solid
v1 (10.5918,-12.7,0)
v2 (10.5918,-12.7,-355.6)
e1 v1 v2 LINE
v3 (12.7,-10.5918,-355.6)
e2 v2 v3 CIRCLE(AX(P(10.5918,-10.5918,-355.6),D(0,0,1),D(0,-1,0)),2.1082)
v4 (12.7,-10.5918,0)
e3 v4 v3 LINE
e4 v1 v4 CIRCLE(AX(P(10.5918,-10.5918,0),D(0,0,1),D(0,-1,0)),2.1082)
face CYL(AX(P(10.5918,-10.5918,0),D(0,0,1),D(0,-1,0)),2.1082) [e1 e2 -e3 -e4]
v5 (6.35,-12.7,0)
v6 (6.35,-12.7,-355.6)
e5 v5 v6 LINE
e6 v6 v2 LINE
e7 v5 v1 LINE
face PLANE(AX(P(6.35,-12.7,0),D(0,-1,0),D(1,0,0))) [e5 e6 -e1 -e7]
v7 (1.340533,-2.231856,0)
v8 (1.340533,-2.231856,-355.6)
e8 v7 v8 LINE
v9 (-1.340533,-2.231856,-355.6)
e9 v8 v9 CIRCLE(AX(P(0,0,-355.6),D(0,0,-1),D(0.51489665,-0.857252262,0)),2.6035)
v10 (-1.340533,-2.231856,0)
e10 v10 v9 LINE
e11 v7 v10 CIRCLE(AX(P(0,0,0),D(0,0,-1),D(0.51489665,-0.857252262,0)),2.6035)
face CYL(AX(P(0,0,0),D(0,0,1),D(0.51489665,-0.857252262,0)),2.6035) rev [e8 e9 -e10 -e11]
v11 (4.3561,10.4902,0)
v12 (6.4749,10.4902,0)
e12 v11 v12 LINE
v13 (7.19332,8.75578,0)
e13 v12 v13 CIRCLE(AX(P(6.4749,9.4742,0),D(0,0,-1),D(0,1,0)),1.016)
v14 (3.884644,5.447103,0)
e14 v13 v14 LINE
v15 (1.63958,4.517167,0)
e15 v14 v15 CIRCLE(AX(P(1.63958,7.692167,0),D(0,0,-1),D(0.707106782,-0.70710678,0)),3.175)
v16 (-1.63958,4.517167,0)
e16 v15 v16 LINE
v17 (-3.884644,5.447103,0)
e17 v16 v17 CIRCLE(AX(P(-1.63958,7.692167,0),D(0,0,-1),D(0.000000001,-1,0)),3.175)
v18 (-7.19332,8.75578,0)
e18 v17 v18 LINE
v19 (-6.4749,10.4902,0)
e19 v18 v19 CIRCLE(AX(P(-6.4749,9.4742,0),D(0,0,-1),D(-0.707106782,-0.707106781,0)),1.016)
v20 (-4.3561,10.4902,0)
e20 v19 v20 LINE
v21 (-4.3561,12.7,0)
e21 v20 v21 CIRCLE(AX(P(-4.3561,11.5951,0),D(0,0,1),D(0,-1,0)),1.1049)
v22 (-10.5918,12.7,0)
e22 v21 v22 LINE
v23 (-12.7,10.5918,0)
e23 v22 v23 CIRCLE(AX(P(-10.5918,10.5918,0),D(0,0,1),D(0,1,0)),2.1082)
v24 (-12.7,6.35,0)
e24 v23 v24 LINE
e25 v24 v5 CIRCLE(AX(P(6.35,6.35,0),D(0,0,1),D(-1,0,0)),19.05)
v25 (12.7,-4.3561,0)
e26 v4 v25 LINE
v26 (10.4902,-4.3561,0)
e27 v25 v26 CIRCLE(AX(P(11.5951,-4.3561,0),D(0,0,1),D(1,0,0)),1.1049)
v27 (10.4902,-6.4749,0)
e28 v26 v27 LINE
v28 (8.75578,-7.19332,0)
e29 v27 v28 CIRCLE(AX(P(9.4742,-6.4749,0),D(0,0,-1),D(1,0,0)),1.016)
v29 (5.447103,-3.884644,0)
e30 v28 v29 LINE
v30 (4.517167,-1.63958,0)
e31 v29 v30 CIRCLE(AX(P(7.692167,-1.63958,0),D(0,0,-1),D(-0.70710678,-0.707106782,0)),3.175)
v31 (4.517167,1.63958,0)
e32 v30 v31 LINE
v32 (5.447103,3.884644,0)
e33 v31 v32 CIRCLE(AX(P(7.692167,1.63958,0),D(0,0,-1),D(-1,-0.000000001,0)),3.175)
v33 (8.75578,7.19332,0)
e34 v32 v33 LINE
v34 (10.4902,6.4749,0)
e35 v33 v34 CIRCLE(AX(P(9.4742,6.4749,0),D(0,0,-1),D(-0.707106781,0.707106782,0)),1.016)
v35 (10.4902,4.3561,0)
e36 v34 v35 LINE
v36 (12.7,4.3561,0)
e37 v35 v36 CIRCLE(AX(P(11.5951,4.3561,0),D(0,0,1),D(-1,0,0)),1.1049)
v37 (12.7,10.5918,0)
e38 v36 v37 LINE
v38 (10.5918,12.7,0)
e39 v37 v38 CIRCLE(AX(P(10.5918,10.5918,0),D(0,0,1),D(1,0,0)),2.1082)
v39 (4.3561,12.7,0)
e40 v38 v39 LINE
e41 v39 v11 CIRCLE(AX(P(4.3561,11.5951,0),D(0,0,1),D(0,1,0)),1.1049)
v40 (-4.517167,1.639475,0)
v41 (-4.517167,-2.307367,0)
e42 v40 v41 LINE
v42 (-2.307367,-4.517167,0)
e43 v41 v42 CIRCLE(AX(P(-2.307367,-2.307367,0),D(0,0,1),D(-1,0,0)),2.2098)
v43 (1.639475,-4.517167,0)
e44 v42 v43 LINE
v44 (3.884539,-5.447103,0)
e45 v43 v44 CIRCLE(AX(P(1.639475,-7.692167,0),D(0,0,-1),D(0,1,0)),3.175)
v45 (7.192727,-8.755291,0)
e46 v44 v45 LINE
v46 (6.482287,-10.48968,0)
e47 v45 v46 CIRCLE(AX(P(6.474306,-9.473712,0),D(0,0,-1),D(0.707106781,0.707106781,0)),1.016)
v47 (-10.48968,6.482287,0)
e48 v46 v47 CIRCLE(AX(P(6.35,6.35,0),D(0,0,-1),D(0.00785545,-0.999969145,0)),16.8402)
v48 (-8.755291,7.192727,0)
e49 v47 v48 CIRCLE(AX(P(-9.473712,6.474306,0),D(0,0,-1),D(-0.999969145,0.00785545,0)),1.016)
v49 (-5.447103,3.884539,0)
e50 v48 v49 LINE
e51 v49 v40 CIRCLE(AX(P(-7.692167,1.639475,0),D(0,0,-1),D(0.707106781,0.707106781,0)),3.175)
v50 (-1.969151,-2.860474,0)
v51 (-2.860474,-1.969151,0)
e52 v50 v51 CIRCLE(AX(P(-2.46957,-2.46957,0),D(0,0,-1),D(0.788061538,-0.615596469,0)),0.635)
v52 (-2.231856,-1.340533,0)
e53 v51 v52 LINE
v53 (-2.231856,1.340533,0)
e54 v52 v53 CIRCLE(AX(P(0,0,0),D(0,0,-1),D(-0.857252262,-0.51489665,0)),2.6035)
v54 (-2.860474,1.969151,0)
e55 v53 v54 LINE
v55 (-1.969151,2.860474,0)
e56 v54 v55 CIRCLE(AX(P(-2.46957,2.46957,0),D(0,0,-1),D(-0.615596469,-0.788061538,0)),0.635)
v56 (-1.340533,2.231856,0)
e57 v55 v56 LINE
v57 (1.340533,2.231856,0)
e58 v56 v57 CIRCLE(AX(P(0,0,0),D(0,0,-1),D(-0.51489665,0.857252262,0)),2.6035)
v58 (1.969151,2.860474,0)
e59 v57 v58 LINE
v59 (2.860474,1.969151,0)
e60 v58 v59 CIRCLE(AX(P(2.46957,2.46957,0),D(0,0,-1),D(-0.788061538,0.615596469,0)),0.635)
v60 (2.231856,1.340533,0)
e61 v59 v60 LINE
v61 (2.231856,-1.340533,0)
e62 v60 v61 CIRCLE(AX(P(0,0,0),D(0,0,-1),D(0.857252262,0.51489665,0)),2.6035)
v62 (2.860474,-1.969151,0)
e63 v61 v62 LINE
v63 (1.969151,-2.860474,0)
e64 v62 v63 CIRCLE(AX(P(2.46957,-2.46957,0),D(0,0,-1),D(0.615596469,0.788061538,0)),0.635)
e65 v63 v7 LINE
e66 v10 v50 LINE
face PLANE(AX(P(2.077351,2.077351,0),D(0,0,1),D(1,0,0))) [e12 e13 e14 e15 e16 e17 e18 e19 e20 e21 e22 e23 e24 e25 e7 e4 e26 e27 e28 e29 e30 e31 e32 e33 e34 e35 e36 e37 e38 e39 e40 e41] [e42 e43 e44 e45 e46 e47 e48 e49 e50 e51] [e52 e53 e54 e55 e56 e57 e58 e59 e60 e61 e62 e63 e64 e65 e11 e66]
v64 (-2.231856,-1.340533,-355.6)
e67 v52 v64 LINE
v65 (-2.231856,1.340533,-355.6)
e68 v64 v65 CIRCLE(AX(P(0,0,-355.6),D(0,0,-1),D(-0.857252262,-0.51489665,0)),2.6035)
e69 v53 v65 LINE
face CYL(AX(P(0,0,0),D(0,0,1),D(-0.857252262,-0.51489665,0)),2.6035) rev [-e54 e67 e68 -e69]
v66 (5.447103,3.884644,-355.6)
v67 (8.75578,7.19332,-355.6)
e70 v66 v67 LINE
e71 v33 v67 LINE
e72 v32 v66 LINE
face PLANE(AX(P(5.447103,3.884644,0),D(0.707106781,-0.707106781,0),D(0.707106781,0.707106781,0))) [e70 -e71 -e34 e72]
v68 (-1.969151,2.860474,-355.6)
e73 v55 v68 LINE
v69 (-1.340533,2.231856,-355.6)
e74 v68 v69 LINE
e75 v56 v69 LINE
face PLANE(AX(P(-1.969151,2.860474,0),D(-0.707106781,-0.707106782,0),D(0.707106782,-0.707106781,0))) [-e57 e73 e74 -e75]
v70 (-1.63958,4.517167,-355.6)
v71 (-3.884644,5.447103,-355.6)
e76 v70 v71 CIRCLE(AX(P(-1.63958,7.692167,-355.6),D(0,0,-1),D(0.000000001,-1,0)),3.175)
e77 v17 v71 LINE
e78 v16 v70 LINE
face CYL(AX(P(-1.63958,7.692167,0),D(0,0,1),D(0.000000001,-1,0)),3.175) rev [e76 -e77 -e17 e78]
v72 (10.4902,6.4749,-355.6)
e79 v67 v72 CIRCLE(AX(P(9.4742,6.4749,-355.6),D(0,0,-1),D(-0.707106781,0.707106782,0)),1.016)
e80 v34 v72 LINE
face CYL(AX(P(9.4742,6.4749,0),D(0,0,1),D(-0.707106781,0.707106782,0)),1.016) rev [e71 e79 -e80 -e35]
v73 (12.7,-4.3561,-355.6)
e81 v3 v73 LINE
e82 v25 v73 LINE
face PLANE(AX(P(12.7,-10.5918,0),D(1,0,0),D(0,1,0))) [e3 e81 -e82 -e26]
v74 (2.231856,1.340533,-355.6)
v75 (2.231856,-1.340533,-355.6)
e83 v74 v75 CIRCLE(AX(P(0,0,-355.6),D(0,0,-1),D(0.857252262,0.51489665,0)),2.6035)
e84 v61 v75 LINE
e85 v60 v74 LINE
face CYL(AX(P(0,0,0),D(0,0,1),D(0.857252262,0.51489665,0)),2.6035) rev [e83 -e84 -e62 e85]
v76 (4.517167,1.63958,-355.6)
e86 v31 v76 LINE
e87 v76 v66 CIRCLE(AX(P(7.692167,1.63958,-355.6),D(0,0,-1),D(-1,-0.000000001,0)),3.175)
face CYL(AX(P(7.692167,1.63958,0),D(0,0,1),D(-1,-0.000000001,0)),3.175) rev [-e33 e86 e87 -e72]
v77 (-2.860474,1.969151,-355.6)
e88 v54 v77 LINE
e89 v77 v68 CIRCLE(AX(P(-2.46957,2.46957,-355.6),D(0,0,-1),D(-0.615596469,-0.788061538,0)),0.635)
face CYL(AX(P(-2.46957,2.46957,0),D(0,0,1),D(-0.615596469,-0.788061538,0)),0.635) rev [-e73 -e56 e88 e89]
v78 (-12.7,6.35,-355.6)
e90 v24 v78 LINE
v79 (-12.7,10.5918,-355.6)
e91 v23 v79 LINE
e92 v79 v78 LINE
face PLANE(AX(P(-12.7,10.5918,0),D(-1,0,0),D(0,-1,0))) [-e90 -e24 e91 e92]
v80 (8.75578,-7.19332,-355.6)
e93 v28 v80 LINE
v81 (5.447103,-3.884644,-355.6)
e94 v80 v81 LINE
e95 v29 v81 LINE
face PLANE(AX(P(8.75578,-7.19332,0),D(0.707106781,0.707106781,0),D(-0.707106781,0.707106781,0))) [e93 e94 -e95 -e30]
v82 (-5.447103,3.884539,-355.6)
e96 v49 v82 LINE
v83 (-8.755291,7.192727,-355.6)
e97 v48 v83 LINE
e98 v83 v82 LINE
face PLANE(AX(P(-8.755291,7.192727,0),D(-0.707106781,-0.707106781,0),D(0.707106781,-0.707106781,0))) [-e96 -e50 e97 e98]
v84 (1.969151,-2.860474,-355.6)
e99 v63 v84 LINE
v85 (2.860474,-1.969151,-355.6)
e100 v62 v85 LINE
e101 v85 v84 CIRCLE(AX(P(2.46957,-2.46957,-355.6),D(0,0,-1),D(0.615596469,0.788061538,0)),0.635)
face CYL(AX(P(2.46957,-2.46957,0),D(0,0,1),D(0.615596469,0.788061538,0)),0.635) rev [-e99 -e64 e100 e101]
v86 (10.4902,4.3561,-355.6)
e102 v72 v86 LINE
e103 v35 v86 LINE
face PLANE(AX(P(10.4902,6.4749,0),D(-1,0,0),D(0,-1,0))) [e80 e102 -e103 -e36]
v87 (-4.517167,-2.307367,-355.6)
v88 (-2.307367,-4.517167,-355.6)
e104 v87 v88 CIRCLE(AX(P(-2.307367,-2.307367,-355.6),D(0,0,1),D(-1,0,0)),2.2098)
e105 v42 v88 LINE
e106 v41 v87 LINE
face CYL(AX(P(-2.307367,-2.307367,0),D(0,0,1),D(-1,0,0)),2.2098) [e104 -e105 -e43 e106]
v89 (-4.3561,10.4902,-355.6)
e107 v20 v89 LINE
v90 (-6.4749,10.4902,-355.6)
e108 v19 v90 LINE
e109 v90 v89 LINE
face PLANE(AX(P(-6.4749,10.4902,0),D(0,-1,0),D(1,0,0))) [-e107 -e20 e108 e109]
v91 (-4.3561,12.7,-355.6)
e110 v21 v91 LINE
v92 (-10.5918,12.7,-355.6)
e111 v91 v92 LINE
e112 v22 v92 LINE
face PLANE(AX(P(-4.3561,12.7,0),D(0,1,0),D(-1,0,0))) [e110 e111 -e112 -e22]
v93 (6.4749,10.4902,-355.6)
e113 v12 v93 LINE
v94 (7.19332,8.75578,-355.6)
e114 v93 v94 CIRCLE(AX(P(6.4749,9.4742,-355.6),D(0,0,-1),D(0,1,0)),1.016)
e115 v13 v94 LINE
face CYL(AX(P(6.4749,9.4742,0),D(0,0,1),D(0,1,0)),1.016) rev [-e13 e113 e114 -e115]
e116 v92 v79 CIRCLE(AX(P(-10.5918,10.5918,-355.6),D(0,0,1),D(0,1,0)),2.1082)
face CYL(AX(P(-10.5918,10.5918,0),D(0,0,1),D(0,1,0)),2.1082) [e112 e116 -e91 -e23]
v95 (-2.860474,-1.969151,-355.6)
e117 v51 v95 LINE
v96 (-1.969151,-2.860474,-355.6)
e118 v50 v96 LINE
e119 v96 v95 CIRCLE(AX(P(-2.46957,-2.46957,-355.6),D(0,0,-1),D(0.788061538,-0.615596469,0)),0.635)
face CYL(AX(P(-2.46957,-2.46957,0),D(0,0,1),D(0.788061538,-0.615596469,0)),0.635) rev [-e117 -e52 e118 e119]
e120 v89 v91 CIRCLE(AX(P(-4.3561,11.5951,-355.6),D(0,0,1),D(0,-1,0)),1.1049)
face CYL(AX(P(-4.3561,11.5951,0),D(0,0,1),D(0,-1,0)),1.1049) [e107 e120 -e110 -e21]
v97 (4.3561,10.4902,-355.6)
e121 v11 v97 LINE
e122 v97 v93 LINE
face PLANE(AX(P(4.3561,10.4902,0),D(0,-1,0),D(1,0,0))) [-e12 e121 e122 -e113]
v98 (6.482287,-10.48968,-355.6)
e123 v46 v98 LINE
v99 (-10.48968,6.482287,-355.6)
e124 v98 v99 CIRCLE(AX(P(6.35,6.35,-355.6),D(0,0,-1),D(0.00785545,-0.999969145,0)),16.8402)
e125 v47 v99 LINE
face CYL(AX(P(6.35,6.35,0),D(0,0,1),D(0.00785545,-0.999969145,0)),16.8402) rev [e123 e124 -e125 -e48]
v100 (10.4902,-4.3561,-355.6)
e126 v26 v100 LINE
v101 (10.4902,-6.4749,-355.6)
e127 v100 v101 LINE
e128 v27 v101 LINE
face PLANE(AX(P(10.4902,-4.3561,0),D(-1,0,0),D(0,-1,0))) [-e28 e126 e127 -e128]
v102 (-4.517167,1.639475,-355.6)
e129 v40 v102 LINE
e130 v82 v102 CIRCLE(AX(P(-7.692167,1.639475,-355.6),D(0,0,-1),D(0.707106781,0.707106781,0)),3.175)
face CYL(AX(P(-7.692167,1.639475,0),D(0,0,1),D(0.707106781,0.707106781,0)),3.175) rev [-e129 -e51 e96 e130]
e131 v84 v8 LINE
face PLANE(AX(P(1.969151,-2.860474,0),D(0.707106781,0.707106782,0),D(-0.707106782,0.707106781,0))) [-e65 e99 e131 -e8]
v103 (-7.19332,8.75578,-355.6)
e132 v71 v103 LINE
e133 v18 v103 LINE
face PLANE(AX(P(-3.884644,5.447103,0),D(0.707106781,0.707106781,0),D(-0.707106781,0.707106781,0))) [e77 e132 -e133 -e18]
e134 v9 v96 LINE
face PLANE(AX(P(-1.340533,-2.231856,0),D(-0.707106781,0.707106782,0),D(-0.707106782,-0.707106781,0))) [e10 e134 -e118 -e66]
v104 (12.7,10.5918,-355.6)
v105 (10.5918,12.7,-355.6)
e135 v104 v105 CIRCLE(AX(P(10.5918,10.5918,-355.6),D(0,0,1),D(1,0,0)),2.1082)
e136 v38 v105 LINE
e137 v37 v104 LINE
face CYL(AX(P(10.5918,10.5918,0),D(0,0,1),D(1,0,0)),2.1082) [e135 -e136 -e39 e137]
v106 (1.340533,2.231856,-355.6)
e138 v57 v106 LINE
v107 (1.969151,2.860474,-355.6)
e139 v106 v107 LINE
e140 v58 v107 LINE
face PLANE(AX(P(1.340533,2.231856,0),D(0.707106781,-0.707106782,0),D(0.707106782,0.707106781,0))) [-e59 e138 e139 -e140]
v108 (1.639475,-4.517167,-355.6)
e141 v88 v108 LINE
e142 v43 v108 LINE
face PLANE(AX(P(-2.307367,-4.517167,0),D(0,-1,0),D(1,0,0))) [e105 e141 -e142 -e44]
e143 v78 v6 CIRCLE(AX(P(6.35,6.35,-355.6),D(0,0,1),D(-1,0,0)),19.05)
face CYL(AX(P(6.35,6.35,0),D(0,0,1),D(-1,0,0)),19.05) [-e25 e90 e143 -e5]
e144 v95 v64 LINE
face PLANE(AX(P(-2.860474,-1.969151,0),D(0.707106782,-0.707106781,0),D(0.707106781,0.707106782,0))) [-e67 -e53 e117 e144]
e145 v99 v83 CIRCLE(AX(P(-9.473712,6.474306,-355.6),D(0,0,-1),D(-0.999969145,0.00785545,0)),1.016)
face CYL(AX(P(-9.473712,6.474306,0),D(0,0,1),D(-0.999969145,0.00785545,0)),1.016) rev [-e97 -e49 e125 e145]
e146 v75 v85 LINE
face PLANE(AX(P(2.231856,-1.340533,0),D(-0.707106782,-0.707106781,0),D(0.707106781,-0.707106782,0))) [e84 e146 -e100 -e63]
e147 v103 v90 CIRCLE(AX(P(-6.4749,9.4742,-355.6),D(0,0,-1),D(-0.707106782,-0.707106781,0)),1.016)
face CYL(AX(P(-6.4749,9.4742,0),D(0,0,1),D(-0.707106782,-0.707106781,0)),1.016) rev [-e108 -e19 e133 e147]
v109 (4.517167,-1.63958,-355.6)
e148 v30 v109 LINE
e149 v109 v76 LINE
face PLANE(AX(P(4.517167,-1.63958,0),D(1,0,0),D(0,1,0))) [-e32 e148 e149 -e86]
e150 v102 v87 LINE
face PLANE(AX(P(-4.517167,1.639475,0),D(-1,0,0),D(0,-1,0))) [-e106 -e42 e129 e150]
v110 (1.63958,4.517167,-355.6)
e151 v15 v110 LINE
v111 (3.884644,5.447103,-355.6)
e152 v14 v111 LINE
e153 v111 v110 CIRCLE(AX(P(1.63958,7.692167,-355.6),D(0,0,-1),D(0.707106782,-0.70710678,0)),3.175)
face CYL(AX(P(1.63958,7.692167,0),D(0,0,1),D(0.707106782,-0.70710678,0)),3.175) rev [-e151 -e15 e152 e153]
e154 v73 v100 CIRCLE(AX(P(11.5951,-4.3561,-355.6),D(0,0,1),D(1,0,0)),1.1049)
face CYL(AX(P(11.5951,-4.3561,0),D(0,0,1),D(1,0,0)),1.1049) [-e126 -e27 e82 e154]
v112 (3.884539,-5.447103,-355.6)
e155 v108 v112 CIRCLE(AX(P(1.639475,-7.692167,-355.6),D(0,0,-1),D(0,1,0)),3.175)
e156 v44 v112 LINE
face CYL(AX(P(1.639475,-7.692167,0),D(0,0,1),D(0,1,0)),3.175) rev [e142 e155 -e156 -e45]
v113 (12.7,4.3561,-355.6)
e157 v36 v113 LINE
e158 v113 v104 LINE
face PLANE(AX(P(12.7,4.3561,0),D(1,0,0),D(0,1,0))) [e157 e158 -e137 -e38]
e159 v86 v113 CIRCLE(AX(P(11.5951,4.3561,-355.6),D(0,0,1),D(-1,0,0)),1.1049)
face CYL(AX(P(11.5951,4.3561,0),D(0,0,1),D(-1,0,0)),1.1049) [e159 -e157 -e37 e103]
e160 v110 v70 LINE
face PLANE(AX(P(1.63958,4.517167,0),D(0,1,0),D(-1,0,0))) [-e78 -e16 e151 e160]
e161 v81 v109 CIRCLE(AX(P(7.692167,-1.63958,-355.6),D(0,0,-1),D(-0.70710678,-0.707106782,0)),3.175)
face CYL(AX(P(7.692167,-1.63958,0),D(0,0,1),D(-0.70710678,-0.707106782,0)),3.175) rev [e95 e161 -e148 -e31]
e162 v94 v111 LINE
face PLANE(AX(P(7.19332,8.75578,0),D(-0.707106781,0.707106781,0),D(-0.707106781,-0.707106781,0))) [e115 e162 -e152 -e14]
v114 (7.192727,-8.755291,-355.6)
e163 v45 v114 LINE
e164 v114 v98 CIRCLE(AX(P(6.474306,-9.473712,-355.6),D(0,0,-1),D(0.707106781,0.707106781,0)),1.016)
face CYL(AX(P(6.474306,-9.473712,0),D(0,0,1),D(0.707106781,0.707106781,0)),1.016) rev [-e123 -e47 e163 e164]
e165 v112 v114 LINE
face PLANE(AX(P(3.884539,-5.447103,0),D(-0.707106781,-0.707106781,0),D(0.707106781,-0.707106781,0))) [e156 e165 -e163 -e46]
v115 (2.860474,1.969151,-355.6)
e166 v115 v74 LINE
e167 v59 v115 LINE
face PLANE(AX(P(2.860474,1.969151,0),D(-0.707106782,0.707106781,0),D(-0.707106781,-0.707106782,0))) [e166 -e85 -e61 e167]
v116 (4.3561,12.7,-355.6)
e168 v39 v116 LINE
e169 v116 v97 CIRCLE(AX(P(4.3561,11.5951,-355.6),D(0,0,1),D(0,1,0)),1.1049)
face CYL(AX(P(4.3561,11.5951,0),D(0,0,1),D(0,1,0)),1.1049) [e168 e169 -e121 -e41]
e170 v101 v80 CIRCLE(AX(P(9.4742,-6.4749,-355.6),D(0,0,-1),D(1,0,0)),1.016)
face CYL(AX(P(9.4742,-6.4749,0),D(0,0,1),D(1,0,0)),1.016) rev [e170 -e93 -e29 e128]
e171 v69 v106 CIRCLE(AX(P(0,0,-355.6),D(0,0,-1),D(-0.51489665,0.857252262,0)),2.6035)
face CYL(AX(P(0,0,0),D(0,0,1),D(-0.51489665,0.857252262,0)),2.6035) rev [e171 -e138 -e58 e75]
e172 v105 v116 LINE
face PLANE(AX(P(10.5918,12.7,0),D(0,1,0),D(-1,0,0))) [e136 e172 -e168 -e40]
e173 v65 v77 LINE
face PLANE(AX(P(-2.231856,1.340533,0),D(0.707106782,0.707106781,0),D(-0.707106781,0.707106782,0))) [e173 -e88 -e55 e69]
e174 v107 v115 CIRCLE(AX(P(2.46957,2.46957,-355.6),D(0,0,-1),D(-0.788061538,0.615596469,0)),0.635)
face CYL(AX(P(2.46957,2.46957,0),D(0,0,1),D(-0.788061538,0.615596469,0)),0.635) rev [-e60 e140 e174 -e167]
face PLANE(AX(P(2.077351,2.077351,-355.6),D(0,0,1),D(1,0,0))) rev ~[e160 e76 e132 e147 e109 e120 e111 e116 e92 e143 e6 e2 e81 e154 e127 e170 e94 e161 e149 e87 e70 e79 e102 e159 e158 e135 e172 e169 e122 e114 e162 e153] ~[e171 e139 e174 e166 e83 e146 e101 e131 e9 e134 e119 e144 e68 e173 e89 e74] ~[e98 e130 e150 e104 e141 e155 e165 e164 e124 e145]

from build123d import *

# Parameters (mm, degrees)
EXTRUDE1_DEPTH = 355.6


with BuildPart() as part:
    # Sketch2 → Extrude1 (new body)
    with BuildSketch(Plane.XY):
        with BuildLine():
            Line((-4.3561, 12.7), (-10.5918, 12.7))
            ThreePointArc((-10.5918, 12.7), (-12.082522516, 12.082522516), (-12.7, 10.5918))
            Line((-12.7, 10.5918), (-12.7, 6.35))
            ThreePointArc((-12.7, 6.35), (-7.120384182, -7.120384182), (6.35, -12.7))
            Line((6.35, -12.7), (10.5918, -12.7))
            ThreePointArc((10.5918, -12.7), (12.082522516, -12.082522516), (12.7, -10.5918))
            Line((12.7, -10.5918), (12.7, -4.3561))
            ThreePointArc((12.7, -4.3561), (11.5951, -3.2512), (10.4902, -4.3561))
            Line((10.4902, -4.3561), (10.4902, -6.474899798))
            ThreePointArc((10.4902, -6.474899798), (9.863006367, -7.413561403), (8.75577951, -7.193320288))
            Line((8.75577951, -7.193320288), (5.447103113, -3.88464389))
            ThreePointArc((5.447103113, -3.88464389), (4.758849627, -2.854599758), (4.517167143, -1.63957986))
            Line((4.517167143, -1.63957986), (4.517167143, 1.63957986))
            ThreePointArc((4.517167143, 1.63957986), (4.758849627, 2.854599758), (5.447103113, 3.88464389))
            Line((5.447103113, 3.88464389), (8.75577951, 7.193320288))
            ThreePointArc((8.75577951, 7.193320288), (9.863006367, 7.413561403), (10.4902, 6.474899798))
            Line((10.4902, 6.474899798), (10.4902, 4.3561))
            ThreePointArc((10.4902, 4.3561), (11.5951, 3.2512), (12.7, 4.3561))
            Line((12.7, 4.3561), (12.7, 10.5918))
            ThreePointArc((12.7, 10.5918), (12.082522516, 12.082522516), (10.5918, 12.7))
            Line((10.5918, 12.7), (4.3561, 12.7))
            ThreePointArc((4.3561, 12.7), (3.2512, 11.5951), (4.3561, 10.4902))
            Line((4.3561, 10.4902), (6.474899798, 10.4902))
            ThreePointArc((6.474899798, 10.4902), (7.413561403, 9.863006367), (7.193320288, 8.75577951))
            Line((7.193320288, 8.75577951), (3.88464389, 5.447103113))
            ThreePointArc((3.88464389, 5.447103113), (2.854599758, 4.758849627), (1.63957986, 4.517167143))
            Line((1.63957986, 4.517167143), (-1.63957986, 4.517167143))
            ThreePointArc((-1.63957986, 4.517167143), (-2.854599758, 4.758849627), (-3.88464389, 5.447103113))
            Line((-3.88464389, 5.447103113), (-7.193320288, 8.75577951))
            ThreePointArc((-7.193320288, 8.75577951), (-7.413561403, 9.863006367), (-6.474899798, 10.4902))
            Line((-6.474899798, 10.4902), (-4.3561, 10.4902))
            ThreePointArc((-4.3561, 10.4902), (-3.2512, 11.5951), (-4.3561, 12.7))
        make_face()
        with BuildLine():
            Line((-1.340533428, -2.231856263), (-1.969151357, -2.860474191))
            ThreePointArc((-1.969151357, -2.860474191), (-2.918583239, -2.918583239), (-2.860474191, -1.969151357))
            Line((-2.860474191, -1.969151357), (-2.231856263, -1.340533428))
            ThreePointArc((-2.231856263, -1.340533428), (-2.6035, 0), (-2.231856263, 1.340533428))
            Line((-2.231856263, 1.340533428), (-2.860474191, 1.969151357))
            ThreePointArc((-2.860474191, 1.969151357), (-2.918583239, 2.918583239), (-1.969151357, 2.860474191))
            Line((-1.969151357, 2.860474191), (-1.340533428, 2.231856263))
            ThreePointArc((-1.340533428, 2.231856263), (0, 2.6035), (1.340533428, 2.231856263))
            Line((1.340533428, 2.231856263), (1.969151357, 2.860474191))
            ThreePointArc((1.969151357, 2.860474191), (2.918583239, 2.918583239), (2.860474191, 1.969151357))
            Line((2.860474191, 1.969151357), (2.231856263, 1.340533428))
            ThreePointArc((2.231856263, 1.340533428), (2.6035, 0), (2.231856263, -1.340533428))
            Line((2.231856263, -1.340533428), (2.860474191, -1.969151357))
            ThreePointArc((2.860474191, -1.969151357), (2.918583239, -2.918583239), (1.969151357, -2.860474191))
            Line((1.969151357, -2.860474191), (1.340533428, -2.231856263))
            ThreePointArc((1.340533428, -2.231856263), (0, -2.6035), (-1.340533428, -2.231856263))
        make_face(mode=Mode.SUBTRACT)
        with BuildLine():
            Line((3.884538548, -5.447103113), (7.192726697, -8.755291262))
            ThreePointArc((7.192726697, -8.755291262), (7.414487708, -9.858828287), (6.482287344, -10.489680404))
            ThreePointArc((6.482287344, -10.489680404), (-5.557819617, -5.557819617), (-10.489680404, 6.482287344))
            ThreePointArc((-10.489680404, 6.482287344), (-9.858828287, 7.414487708), (-8.755291262, 7.192726697))
            Line((-8.755291262, 7.192726697), (-5.447103113, 3.884538548))
            ThreePointArc((-5.447103113, 3.884538548), (-4.758849627, 2.854494415), (-4.517167143, 1.639474517))
            Line((-4.517167143, 1.639474517), (-4.517167143, -2.307367143))
            ThreePointArc((-4.517167143, -2.307367143), (-3.869931708, -3.869931708), (-2.307367143, -4.517167143))
            Line((-2.307367143, -4.517167143), (1.639474517, -4.517167143))
            ThreePointArc((1.639474517, -4.517167143), (2.854494415, -4.758849627), (3.884538548, -5.447103113))
        make_face(mode=Mode.SUBTRACT)
    extrude(amount=-EXTRUDE1_DEPTH)


solid = part.part
